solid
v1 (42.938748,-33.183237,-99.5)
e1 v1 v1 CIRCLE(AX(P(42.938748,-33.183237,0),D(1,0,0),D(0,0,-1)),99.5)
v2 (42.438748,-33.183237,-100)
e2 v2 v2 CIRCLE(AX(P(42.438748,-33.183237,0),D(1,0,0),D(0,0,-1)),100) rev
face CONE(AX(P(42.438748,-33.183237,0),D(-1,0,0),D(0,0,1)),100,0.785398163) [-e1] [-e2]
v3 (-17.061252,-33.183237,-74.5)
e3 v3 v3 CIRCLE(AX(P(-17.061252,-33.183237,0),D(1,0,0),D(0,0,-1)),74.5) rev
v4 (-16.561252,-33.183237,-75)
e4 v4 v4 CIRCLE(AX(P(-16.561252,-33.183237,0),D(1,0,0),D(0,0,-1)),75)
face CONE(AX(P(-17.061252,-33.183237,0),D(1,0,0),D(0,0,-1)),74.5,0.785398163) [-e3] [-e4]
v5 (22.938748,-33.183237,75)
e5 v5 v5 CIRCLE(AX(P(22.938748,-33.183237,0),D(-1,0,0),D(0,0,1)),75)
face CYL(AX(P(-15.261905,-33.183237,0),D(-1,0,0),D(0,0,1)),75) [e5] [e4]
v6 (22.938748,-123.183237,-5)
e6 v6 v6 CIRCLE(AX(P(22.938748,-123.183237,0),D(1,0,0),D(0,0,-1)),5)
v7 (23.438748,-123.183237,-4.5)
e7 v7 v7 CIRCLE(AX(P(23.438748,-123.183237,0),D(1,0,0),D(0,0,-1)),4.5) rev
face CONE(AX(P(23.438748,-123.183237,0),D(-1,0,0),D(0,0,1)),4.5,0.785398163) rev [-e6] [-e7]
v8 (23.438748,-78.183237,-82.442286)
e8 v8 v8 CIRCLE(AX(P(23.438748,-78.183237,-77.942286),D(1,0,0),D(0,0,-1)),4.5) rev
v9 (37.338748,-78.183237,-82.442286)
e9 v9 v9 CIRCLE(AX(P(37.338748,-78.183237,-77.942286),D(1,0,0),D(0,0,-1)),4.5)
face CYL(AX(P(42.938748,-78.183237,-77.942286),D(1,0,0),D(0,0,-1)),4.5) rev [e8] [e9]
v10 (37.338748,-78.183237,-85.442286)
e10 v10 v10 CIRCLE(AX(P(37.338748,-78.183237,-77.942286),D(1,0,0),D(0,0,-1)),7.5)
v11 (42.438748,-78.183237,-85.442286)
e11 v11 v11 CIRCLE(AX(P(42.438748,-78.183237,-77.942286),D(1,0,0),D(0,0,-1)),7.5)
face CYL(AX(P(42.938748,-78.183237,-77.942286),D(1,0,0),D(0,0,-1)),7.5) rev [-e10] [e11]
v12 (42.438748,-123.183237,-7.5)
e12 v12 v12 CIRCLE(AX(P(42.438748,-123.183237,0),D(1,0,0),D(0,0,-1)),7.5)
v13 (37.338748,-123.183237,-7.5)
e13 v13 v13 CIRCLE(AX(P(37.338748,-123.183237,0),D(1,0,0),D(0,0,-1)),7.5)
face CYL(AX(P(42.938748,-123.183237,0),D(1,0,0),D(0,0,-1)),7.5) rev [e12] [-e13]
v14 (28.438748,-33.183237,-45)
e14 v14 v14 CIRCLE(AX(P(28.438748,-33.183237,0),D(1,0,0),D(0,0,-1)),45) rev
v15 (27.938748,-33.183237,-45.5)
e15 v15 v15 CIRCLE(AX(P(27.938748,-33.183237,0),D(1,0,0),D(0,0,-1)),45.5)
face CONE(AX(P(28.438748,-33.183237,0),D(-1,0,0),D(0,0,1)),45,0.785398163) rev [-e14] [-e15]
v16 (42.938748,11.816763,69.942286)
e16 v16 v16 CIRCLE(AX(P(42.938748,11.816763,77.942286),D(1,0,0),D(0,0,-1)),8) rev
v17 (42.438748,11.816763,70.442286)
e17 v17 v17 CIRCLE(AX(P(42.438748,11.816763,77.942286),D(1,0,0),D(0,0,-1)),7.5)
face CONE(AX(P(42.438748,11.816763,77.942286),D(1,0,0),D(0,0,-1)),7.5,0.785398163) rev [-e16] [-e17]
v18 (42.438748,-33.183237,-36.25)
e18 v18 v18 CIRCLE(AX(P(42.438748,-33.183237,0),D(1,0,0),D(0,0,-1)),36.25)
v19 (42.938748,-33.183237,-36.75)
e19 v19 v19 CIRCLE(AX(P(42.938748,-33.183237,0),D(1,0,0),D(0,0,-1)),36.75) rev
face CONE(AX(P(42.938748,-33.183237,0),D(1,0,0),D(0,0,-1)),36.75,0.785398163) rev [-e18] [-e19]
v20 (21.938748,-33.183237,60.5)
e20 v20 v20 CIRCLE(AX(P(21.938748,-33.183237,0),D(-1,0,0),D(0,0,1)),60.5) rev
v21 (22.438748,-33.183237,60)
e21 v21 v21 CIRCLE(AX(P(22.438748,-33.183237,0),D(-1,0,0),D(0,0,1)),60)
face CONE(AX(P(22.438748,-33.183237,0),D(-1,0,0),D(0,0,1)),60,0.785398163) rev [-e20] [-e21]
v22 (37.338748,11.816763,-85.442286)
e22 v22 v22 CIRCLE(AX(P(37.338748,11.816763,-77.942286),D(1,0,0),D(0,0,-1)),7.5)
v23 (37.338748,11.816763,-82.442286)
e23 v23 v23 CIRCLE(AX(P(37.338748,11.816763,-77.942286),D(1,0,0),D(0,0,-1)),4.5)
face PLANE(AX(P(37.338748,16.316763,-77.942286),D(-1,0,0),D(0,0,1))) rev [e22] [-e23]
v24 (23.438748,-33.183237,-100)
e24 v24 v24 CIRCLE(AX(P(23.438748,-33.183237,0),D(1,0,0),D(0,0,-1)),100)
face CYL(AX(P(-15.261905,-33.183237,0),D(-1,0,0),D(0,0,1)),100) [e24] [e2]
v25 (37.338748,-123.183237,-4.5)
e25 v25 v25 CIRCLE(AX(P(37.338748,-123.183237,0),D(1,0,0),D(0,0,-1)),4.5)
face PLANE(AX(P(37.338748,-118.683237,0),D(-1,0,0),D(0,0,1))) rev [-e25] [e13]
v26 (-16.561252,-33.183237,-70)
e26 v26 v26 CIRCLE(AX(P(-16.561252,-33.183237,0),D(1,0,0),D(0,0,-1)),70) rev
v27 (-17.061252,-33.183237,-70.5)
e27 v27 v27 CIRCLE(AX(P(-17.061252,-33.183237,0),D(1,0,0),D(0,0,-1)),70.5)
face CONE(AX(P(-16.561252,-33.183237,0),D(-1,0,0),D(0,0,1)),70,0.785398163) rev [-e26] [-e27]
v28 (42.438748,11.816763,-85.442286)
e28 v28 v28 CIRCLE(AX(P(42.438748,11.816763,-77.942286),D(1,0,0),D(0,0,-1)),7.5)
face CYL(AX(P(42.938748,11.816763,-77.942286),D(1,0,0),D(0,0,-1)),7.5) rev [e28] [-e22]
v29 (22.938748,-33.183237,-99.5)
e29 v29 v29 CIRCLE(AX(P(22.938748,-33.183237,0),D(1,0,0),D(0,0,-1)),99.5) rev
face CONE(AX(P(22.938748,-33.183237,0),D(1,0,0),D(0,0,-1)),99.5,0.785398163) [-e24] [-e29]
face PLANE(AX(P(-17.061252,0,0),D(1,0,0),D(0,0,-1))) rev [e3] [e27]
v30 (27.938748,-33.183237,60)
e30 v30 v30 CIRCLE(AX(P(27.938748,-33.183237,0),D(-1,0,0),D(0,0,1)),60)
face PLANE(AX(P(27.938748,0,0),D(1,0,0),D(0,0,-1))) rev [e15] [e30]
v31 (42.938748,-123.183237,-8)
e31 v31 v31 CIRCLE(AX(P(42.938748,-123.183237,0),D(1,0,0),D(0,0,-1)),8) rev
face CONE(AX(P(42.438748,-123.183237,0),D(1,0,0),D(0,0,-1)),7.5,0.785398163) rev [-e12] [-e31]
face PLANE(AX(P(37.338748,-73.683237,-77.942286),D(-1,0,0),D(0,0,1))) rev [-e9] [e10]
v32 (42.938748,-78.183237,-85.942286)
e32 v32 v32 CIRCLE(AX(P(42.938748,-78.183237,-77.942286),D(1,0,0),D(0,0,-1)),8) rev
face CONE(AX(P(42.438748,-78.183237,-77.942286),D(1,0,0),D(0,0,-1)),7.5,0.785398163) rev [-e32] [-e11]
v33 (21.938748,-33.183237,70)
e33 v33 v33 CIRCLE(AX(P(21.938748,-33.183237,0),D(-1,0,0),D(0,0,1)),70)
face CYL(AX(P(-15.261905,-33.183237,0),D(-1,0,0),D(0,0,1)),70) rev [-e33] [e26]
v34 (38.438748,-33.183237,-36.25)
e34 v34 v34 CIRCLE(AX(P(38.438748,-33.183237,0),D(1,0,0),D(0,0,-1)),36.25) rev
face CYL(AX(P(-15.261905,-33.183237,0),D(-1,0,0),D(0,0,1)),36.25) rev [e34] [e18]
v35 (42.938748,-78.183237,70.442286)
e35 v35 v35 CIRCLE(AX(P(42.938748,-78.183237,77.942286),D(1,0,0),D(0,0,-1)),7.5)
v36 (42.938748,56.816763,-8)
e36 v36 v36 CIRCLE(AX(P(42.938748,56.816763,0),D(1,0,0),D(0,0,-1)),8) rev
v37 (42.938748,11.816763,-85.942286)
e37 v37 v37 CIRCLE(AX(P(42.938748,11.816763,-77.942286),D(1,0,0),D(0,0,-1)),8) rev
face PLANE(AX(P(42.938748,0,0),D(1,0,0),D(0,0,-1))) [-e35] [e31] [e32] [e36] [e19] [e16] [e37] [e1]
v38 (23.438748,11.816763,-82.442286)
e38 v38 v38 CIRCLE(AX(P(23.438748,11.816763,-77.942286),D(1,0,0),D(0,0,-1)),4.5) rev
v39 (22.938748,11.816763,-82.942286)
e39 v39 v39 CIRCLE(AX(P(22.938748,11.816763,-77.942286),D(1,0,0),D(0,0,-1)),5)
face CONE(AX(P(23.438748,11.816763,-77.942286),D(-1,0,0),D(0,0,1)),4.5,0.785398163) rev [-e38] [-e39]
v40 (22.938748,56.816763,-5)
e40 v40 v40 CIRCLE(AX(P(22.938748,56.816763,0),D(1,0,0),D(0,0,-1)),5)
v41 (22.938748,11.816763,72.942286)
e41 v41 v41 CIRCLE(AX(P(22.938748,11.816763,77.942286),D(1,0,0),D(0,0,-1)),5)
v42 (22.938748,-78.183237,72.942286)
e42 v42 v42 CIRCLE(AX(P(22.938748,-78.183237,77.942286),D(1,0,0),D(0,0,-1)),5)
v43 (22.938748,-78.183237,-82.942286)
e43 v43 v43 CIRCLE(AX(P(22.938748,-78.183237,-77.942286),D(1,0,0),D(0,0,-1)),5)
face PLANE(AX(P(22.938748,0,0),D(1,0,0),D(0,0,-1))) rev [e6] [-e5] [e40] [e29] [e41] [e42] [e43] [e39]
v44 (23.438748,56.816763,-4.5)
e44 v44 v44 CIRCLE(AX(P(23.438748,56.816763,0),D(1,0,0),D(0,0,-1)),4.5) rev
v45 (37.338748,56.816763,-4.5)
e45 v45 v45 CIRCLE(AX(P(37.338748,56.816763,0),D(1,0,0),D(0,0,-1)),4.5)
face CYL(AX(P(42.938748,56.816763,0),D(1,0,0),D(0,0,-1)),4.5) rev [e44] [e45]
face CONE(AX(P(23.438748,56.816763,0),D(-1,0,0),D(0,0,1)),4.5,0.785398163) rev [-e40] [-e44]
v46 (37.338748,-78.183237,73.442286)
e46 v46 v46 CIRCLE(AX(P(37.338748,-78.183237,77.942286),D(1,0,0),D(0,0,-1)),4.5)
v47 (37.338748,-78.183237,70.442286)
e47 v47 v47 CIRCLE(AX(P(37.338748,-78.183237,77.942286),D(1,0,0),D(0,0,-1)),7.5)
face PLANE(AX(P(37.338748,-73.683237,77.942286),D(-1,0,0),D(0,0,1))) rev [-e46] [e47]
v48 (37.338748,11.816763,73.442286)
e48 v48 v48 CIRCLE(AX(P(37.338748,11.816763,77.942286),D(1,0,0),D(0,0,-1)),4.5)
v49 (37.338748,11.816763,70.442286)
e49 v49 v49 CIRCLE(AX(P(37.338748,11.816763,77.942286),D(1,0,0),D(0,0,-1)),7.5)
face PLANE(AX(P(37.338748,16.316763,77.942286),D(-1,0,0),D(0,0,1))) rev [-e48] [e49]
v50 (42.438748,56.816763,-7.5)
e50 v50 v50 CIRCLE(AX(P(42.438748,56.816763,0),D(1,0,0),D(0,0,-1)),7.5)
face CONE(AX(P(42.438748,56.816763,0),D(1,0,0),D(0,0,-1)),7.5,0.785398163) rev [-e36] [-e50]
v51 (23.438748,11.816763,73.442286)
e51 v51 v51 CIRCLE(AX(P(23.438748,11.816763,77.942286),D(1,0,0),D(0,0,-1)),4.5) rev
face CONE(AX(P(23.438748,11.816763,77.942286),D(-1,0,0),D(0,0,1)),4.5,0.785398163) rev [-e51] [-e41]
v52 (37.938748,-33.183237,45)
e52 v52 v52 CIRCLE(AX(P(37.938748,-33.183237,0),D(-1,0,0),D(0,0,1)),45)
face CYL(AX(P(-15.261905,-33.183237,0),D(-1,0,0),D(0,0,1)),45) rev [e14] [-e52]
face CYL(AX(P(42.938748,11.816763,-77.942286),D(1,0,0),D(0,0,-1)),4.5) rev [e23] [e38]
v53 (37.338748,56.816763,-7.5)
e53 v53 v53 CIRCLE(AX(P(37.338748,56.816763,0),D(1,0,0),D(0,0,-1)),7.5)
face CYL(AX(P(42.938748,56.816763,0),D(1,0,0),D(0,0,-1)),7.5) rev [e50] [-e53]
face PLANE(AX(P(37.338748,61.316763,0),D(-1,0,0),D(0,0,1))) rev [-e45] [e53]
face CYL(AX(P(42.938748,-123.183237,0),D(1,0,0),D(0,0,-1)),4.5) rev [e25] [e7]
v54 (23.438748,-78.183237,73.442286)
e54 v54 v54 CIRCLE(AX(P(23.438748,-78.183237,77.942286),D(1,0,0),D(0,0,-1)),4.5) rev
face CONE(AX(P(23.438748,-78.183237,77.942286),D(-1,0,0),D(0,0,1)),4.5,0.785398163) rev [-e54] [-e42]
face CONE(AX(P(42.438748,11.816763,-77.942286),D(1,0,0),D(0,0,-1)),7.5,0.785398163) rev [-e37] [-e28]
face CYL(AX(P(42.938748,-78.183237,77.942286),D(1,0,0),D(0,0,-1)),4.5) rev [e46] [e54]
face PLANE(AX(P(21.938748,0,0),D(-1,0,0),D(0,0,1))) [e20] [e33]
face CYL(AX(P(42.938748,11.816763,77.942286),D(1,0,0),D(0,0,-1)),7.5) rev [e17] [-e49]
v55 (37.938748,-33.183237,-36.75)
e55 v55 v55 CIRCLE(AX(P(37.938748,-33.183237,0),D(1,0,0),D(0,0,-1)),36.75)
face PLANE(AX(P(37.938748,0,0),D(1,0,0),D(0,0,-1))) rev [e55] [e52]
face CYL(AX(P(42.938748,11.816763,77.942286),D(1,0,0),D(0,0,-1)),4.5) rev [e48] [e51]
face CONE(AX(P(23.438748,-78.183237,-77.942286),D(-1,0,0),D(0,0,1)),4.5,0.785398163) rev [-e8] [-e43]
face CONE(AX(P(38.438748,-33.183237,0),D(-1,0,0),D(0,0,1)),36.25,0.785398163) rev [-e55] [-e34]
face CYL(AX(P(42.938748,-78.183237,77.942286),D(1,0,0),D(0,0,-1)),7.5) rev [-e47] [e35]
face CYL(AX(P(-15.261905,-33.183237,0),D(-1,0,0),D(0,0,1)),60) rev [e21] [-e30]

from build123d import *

# Parameters (mm, degrees)
CBORE_FOR_M8_HEX_SOCKET_THIN_HEAD_CAP_SC_D           = 9
CBORE_FOR_M8_HEX_SOCKET_THIN_HEAD_CAP_SC_DEPTH       = 20
CBORE_FOR_M8_HEX_SOCKET_THIN_HEAD_CAP_SC_CBORE_D     = 15
CBORE_FOR_M8_HEX_SOCKET_THIN_HEAD_CAP_SC_CBORE_DEPTH = 5.6
CBORE_FOR_M8_HEX_SOCKET_THIN_HEAD_CAP_SC_TIP         = 2.703872786
CHAMFER1_SIZE                                        = 0.5


with BuildPart() as part:
    # Sketch1 → Revolve1 (revolve)
    with BuildSketch(Plane.XY, mode=Mode.PRIVATE) as revolve1_sk:
        Polygon((22.938748471, 66.816763283), (42.938748471, 66.816763283), (42.938748471, 3.066763283), (37.938748471, 3.066763283), (37.938748471, 11.816763283), (27.938748471, 11.816763283), (27.938748471, 26.816763283), (21.938748471, 26.816763283), (21.938748471, 36.816763283), (-17.061251529, 36.816763283), (-17.061251529, 41.816763283), (22.938748471, 41.816763283), align=None)
    revolve(revolve1_sk.sketch.rotate(Axis((-15.261904536, -33.183236717, 0), (1, 0, 0)), 90), axis=Axis((-15.261904536, -33.183236717, 0), (1, 0, 0)))

    # CBORE for M8 Hex Socket Thin Head Cap Screw1
    with Locations(Plane(origin=(42.938748471, 0, 0), x_dir=(0, 0, -1), z_dir=(1, 0, 0))):
        with Locations((77.942286341, 11.816763283), (0, 56.816763283), (0, -33.183236717), (-77.942286341, 11.816763283), (-77.942286341, -78.183236717), (0, -123.183236717), (77.942286341, -78.183236717)):
            CounterBoreHole(CBORE_FOR_M8_HEX_SOCKET_THIN_HEAD_CAP_SC_D / 2, CBORE_FOR_M8_HEX_SOCKET_THIN_HEAD_CAP_SC_CBORE_D / 2, CBORE_FOR_M8_HEX_SOCKET_THIN_HEAD_CAP_SC_CBORE_DEPTH, depth=CBORE_FOR_M8_HEX_SOCKET_THIN_HEAD_CAP_SC_DEPTH)
            with Locations((0, 0, -(CBORE_FOR_M8_HEX_SOCKET_THIN_HEAD_CAP_SC_DEPTH + CBORE_FOR_M8_HEX_SOCKET_THIN_HEAD_CAP_SC_TIP / 2))):  # 118° drill point
                Cone(0, CBORE_FOR_M8_HEX_SOCKET_THIN_HEAD_CAP_SC_D / 2, CBORE_FOR_M8_HEX_SOCKET_THIN_HEAD_CAP_SC_TIP, mode=Mode.SUBTRACT)

    # Chamfer1
    chamfer1_edges = [part.edges().sort_by_distance(p)[0] for p in [
        (21.938748471, -33.183236717, -60),
        (-17.061251529, -33.183236717, -70),
        (-17.061251529, -33.183236717, -75),
        (22.938748471, -33.183236717, -100),
        (42.938748471, -33.183236717, -100),
        (42.938748471, -33.183236717, -36.25),
        (37.938748471, -33.183236717, -36.25),
        (27.938748471, -33.183236717, -45),
        (42.938748471, 11.816763283, -70.442286341),
        (22.938748471, 11.816763283, -82.442286341),
        (42.938748471, -78.183236717, -70.442286341),
        (22.938748471, -78.183236717, -82.442286341),
        (42.938748471, -123.183236717, 7.5),
        (22.938748471, -123.183236717, -4.5),
        (22.938748471, -78.183236717, 73.442286341),
        (42.938748471, 11.816763283, 85.442286341),
        (22.938748471, 11.816763283, 73.442286341),
        (42.938748471, 56.816763283, 7.5),
        (22.938748471, 56.816763283, -4.5),
    ]]
    chamfer(chamfer1_edges, length=CHAMFER1_SIZE)


solid = part.part
